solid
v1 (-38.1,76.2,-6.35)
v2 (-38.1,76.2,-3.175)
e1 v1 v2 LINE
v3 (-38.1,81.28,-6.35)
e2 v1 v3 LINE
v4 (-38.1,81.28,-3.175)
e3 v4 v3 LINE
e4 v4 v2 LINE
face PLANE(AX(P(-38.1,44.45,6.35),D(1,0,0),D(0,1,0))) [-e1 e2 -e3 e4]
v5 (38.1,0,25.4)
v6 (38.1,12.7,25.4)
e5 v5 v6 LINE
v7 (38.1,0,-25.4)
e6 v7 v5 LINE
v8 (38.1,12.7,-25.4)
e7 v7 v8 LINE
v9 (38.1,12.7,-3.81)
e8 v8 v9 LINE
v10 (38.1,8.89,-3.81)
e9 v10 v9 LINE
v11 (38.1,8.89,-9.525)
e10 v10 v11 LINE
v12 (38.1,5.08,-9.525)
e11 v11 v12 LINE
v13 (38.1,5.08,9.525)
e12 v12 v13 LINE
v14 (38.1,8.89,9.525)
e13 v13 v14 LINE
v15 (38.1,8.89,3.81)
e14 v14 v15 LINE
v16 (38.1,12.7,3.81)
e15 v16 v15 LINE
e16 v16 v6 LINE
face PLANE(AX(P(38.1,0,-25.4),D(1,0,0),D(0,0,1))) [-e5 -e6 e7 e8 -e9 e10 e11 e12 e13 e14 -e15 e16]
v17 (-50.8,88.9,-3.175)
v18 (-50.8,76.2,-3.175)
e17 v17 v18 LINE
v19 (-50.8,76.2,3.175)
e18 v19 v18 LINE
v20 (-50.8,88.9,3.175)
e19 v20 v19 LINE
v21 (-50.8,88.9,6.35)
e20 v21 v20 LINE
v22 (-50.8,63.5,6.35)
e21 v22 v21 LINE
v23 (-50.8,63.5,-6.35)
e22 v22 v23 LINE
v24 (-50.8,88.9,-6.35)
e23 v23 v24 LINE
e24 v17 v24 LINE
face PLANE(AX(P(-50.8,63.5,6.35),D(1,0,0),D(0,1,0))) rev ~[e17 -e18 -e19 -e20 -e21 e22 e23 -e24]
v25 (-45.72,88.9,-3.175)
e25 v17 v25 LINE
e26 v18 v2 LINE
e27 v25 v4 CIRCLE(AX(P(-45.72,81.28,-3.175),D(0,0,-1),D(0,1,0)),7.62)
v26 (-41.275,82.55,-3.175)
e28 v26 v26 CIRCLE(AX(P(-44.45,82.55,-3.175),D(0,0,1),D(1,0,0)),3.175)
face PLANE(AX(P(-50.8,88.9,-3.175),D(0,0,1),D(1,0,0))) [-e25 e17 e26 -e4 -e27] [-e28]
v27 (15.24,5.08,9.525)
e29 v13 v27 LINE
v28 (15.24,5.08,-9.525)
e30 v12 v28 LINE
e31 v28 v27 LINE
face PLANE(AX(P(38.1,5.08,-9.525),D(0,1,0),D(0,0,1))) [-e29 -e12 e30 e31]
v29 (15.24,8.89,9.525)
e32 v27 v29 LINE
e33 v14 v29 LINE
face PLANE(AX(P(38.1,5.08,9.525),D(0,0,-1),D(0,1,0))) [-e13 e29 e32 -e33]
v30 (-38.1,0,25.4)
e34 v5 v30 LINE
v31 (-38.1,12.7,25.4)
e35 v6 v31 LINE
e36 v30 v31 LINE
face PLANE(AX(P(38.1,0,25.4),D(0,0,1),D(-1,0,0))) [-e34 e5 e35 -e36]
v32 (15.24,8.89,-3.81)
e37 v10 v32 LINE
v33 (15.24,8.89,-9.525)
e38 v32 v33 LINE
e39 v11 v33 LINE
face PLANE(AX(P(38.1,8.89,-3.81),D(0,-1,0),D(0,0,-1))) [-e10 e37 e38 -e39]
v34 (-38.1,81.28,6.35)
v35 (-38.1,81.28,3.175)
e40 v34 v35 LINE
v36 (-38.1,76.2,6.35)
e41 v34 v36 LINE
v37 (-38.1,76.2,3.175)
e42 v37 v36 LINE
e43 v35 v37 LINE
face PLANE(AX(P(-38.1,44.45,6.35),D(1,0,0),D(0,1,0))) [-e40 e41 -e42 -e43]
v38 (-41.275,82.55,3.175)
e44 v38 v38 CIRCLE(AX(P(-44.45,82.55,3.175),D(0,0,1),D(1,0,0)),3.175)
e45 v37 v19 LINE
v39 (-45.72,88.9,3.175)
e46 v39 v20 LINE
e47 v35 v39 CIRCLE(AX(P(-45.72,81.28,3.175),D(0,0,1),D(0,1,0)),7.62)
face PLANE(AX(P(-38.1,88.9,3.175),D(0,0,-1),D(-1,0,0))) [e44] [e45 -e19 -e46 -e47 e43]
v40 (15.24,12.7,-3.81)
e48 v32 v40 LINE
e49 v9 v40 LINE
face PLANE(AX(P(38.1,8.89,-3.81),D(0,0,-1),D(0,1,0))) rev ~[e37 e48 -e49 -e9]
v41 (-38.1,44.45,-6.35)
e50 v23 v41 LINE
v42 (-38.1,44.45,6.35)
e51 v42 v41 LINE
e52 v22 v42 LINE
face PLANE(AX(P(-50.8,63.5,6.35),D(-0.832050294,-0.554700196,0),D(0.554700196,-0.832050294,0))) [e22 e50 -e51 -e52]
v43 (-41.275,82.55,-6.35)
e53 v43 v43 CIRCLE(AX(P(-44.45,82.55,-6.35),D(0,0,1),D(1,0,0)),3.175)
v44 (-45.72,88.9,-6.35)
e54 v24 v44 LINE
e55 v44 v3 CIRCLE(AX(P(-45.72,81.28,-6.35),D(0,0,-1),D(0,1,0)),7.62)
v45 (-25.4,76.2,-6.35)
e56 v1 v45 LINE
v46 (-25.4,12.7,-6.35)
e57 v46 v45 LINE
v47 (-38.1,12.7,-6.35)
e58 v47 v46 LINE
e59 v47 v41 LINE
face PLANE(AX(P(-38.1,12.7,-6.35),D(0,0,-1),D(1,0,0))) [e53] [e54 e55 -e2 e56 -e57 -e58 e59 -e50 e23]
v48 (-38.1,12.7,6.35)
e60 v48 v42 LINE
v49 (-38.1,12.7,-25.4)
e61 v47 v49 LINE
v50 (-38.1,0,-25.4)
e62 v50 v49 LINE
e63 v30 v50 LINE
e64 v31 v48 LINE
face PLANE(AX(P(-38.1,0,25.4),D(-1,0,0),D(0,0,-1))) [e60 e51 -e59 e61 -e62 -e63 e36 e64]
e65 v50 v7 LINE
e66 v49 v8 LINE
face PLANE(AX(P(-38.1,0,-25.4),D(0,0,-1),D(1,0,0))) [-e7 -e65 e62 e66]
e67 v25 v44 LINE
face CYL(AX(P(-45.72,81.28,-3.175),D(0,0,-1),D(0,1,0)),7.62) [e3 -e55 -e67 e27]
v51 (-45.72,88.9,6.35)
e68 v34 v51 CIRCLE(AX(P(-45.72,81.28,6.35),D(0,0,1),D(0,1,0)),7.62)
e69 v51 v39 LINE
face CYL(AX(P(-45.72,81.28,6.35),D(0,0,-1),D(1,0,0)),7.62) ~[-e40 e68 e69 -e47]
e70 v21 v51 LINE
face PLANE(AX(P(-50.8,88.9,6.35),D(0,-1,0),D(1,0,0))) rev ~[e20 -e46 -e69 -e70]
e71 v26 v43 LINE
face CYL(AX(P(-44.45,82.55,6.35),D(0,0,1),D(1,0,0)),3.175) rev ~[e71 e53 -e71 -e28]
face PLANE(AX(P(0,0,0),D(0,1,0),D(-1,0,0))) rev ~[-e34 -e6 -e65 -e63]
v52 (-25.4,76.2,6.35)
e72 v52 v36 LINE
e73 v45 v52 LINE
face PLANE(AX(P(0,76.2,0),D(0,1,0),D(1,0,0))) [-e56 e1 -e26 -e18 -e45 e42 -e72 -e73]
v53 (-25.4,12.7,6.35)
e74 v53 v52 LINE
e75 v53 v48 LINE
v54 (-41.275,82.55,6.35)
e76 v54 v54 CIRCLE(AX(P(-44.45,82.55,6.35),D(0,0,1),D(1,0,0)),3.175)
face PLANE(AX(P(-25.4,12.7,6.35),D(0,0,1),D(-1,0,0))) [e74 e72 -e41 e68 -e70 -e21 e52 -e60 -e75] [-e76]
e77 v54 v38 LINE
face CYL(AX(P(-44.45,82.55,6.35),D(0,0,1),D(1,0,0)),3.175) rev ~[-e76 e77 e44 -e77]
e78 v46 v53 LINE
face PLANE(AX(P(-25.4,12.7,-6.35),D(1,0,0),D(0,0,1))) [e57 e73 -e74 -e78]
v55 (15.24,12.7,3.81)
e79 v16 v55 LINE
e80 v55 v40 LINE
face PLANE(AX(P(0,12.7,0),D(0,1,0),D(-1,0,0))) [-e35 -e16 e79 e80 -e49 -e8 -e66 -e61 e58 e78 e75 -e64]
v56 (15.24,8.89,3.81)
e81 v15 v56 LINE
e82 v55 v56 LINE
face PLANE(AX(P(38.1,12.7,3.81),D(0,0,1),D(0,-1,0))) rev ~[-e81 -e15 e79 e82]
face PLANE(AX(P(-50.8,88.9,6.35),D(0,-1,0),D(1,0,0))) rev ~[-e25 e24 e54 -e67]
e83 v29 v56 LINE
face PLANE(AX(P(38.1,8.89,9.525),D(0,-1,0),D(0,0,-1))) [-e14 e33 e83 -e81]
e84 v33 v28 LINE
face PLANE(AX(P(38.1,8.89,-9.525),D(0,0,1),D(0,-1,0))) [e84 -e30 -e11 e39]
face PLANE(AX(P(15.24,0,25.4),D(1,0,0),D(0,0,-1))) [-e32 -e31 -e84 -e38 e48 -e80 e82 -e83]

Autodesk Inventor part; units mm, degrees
ref_plane "YZ Plane" through (0, 0, 0) normal (1, 0, 0) x (0, 1, 0)
ref_plane "XZ Plane" through (0, 0, 0) normal (0, 1, 0) x (-1, 0, 0)
ref_plane "XY Plane" through (0, 0, 0) normal (0, 0, 1) x (1, 0, 0)
sketch "Sketch1" plane through (0, 0, 0) normal (0, 1, 0) x (-1, 0, 0)
  line L0 (-38.1, 25.4) -> (38.1, 25.4)
  line L1 (38.1, 25.4) -> (38.1, -25.4)
  line L2 (38.1, -25.4) -> (-38.1, -25.4)
  line L3 (-38.1, -25.4) -> (-38.1, 25.4)
  line L4 (-38.1, 25.4) -> (38.1, -25.4) construction
  line L5 (38.1, 25.4) -> (-38.1, -25.4) construction
  point P0 (0, 0)
  dimension "d0" = 76.2
  dimension "d1" = 50.8
extrude "Extrusion1" add sketch "Sketch1" along normal blind 12.7
sketch "Sketch2" plane through (0, 12.7, 0) normal (0, 1, 0) x (1, 0, 0)
  line L0 (-38.1, 25.4) -> (-38.1, -25.4) projected
  line L1 (-38.1, 6.35) -> (-25.4, 6.35)
  line L2 (-25.4, 6.35) -> (-25.4, -6.35)
  line L3 (-25.4, -6.35) -> (-38.1, -6.35)
  line L4 (-38.1, -6.35) -> (-38.1, 6.35)
  point P0 (0, 0)
  dimension "d4" = 12.7
  dimension "d5" = 12.7
  dimension "d6" = 6.35
extrude "Extrusion2" add sketch "Sketch2" along normal blind 63.5
sketch "Sketch4" plane through (-38.1, 12.7, 6.35) normal (0, 0, 1) x (1, 0, 0)
  line L0 (0, 0) -> (0, 63.5) projected
  line L1 (0, 50.8) -> (-12.7, 50.8)
  line L2 (-12.7, 50.8) -> (-12.7, 76.2)
  line L3 (-12.7, 76.2) -> (0, 76.2)
  line L4 (0, 76.2) -> (0, 50.8)
  line L5 (0, 63.5) -> (12.7, 63.5) projected
  line L6 (-12.7, 50.8) -> (0, 31.75)
  circle A0 centre (-6.35, 69.85) radius 3.175
  point P0 (38.1, -12.7)
  dimension "d13" = 12.7
  dimension "d14" = 25.4
  dimension "d15" = 12.7
  dimension "d22" = 6.35
  dimension "d23" = 6.35
  dimension "d24" = 6.35
extrude "Extrusion4" add sketch "Sketch4" against normal blind 12.7
sketch "Sketch5" plane through (-50.8, 88.9, 6.35) normal (0, 1, 0) x (1, 0, 0)
  line L0 (0, 0) -> (0, 12.7) projected
  line L1 (12.7, 12.7) -> (12.7, 0) projected
  line L2 (0, 9.525) -> (12.7, 9.525)
  line L3 (12.7, 9.525) -> (12.7, 3.175)
  line L4 (12.7, 3.175) -> (0, 3.175)
  line L5 (0, 3.175) -> (0, 9.525)
  line L6 (12.7, 0) -> (0, 0) projected
  point P0 (50.8, 6.35)
  point P1 (0, 3.175)
  dimension "d18" = 6.35
  dimension "d19" = 3.175
extrude "Extrusion5" cut sketch "Sketch5" against normal blind 12.7 contours L0 L2 L1 L4
sketch "Sketch6" plane through (38.1, 0, 25.4) normal (1, 0, 0) x (0, 0, -1)
  line L0 (15.875, 8.89) -> (34.925, 8.89)
  line L1 (34.925, 8.89) -> (34.925, 5.08)
  line L2 (34.925, 5.08) -> (15.875, 5.08)
  line L3 (15.875, 5.08) -> (15.875, 8.89)
  line L4 (50.8, 0) -> (50.8, 12.7) projected
  line L5 (0, 12.7) -> (50.8, 12.7) projected
  line L6 (21.59, 8.89) -> (29.21, 8.89)
  line L7 (29.21, 8.89) -> (29.21, 12.7)
  line L8 (29.21, 12.7) -> (21.59, 12.7)
  line L9 (21.59, 12.7) -> (21.59, 8.89)
  point P0 (25.4, 0)
  point P1 (29.21, 12.7)
  dimension "d25" = 19.05
  dimension "d26" = 3.81
  dimension "d27" = 15.875
  dimension "d28" = 3.81
  dimension "d29" = 7.62
  dimension "d30" = 3.81
  dimension "d31" = 5.715
extrude "Extrusion6" cut sketch "Sketch6" against normal blind 22.86
fillet "Fillet1" radius 7.62 2 edges at (-38.1, 88.9, 4.7625) (-38.1, 88.9, -4.7625)
properties part number "Press_Base"
